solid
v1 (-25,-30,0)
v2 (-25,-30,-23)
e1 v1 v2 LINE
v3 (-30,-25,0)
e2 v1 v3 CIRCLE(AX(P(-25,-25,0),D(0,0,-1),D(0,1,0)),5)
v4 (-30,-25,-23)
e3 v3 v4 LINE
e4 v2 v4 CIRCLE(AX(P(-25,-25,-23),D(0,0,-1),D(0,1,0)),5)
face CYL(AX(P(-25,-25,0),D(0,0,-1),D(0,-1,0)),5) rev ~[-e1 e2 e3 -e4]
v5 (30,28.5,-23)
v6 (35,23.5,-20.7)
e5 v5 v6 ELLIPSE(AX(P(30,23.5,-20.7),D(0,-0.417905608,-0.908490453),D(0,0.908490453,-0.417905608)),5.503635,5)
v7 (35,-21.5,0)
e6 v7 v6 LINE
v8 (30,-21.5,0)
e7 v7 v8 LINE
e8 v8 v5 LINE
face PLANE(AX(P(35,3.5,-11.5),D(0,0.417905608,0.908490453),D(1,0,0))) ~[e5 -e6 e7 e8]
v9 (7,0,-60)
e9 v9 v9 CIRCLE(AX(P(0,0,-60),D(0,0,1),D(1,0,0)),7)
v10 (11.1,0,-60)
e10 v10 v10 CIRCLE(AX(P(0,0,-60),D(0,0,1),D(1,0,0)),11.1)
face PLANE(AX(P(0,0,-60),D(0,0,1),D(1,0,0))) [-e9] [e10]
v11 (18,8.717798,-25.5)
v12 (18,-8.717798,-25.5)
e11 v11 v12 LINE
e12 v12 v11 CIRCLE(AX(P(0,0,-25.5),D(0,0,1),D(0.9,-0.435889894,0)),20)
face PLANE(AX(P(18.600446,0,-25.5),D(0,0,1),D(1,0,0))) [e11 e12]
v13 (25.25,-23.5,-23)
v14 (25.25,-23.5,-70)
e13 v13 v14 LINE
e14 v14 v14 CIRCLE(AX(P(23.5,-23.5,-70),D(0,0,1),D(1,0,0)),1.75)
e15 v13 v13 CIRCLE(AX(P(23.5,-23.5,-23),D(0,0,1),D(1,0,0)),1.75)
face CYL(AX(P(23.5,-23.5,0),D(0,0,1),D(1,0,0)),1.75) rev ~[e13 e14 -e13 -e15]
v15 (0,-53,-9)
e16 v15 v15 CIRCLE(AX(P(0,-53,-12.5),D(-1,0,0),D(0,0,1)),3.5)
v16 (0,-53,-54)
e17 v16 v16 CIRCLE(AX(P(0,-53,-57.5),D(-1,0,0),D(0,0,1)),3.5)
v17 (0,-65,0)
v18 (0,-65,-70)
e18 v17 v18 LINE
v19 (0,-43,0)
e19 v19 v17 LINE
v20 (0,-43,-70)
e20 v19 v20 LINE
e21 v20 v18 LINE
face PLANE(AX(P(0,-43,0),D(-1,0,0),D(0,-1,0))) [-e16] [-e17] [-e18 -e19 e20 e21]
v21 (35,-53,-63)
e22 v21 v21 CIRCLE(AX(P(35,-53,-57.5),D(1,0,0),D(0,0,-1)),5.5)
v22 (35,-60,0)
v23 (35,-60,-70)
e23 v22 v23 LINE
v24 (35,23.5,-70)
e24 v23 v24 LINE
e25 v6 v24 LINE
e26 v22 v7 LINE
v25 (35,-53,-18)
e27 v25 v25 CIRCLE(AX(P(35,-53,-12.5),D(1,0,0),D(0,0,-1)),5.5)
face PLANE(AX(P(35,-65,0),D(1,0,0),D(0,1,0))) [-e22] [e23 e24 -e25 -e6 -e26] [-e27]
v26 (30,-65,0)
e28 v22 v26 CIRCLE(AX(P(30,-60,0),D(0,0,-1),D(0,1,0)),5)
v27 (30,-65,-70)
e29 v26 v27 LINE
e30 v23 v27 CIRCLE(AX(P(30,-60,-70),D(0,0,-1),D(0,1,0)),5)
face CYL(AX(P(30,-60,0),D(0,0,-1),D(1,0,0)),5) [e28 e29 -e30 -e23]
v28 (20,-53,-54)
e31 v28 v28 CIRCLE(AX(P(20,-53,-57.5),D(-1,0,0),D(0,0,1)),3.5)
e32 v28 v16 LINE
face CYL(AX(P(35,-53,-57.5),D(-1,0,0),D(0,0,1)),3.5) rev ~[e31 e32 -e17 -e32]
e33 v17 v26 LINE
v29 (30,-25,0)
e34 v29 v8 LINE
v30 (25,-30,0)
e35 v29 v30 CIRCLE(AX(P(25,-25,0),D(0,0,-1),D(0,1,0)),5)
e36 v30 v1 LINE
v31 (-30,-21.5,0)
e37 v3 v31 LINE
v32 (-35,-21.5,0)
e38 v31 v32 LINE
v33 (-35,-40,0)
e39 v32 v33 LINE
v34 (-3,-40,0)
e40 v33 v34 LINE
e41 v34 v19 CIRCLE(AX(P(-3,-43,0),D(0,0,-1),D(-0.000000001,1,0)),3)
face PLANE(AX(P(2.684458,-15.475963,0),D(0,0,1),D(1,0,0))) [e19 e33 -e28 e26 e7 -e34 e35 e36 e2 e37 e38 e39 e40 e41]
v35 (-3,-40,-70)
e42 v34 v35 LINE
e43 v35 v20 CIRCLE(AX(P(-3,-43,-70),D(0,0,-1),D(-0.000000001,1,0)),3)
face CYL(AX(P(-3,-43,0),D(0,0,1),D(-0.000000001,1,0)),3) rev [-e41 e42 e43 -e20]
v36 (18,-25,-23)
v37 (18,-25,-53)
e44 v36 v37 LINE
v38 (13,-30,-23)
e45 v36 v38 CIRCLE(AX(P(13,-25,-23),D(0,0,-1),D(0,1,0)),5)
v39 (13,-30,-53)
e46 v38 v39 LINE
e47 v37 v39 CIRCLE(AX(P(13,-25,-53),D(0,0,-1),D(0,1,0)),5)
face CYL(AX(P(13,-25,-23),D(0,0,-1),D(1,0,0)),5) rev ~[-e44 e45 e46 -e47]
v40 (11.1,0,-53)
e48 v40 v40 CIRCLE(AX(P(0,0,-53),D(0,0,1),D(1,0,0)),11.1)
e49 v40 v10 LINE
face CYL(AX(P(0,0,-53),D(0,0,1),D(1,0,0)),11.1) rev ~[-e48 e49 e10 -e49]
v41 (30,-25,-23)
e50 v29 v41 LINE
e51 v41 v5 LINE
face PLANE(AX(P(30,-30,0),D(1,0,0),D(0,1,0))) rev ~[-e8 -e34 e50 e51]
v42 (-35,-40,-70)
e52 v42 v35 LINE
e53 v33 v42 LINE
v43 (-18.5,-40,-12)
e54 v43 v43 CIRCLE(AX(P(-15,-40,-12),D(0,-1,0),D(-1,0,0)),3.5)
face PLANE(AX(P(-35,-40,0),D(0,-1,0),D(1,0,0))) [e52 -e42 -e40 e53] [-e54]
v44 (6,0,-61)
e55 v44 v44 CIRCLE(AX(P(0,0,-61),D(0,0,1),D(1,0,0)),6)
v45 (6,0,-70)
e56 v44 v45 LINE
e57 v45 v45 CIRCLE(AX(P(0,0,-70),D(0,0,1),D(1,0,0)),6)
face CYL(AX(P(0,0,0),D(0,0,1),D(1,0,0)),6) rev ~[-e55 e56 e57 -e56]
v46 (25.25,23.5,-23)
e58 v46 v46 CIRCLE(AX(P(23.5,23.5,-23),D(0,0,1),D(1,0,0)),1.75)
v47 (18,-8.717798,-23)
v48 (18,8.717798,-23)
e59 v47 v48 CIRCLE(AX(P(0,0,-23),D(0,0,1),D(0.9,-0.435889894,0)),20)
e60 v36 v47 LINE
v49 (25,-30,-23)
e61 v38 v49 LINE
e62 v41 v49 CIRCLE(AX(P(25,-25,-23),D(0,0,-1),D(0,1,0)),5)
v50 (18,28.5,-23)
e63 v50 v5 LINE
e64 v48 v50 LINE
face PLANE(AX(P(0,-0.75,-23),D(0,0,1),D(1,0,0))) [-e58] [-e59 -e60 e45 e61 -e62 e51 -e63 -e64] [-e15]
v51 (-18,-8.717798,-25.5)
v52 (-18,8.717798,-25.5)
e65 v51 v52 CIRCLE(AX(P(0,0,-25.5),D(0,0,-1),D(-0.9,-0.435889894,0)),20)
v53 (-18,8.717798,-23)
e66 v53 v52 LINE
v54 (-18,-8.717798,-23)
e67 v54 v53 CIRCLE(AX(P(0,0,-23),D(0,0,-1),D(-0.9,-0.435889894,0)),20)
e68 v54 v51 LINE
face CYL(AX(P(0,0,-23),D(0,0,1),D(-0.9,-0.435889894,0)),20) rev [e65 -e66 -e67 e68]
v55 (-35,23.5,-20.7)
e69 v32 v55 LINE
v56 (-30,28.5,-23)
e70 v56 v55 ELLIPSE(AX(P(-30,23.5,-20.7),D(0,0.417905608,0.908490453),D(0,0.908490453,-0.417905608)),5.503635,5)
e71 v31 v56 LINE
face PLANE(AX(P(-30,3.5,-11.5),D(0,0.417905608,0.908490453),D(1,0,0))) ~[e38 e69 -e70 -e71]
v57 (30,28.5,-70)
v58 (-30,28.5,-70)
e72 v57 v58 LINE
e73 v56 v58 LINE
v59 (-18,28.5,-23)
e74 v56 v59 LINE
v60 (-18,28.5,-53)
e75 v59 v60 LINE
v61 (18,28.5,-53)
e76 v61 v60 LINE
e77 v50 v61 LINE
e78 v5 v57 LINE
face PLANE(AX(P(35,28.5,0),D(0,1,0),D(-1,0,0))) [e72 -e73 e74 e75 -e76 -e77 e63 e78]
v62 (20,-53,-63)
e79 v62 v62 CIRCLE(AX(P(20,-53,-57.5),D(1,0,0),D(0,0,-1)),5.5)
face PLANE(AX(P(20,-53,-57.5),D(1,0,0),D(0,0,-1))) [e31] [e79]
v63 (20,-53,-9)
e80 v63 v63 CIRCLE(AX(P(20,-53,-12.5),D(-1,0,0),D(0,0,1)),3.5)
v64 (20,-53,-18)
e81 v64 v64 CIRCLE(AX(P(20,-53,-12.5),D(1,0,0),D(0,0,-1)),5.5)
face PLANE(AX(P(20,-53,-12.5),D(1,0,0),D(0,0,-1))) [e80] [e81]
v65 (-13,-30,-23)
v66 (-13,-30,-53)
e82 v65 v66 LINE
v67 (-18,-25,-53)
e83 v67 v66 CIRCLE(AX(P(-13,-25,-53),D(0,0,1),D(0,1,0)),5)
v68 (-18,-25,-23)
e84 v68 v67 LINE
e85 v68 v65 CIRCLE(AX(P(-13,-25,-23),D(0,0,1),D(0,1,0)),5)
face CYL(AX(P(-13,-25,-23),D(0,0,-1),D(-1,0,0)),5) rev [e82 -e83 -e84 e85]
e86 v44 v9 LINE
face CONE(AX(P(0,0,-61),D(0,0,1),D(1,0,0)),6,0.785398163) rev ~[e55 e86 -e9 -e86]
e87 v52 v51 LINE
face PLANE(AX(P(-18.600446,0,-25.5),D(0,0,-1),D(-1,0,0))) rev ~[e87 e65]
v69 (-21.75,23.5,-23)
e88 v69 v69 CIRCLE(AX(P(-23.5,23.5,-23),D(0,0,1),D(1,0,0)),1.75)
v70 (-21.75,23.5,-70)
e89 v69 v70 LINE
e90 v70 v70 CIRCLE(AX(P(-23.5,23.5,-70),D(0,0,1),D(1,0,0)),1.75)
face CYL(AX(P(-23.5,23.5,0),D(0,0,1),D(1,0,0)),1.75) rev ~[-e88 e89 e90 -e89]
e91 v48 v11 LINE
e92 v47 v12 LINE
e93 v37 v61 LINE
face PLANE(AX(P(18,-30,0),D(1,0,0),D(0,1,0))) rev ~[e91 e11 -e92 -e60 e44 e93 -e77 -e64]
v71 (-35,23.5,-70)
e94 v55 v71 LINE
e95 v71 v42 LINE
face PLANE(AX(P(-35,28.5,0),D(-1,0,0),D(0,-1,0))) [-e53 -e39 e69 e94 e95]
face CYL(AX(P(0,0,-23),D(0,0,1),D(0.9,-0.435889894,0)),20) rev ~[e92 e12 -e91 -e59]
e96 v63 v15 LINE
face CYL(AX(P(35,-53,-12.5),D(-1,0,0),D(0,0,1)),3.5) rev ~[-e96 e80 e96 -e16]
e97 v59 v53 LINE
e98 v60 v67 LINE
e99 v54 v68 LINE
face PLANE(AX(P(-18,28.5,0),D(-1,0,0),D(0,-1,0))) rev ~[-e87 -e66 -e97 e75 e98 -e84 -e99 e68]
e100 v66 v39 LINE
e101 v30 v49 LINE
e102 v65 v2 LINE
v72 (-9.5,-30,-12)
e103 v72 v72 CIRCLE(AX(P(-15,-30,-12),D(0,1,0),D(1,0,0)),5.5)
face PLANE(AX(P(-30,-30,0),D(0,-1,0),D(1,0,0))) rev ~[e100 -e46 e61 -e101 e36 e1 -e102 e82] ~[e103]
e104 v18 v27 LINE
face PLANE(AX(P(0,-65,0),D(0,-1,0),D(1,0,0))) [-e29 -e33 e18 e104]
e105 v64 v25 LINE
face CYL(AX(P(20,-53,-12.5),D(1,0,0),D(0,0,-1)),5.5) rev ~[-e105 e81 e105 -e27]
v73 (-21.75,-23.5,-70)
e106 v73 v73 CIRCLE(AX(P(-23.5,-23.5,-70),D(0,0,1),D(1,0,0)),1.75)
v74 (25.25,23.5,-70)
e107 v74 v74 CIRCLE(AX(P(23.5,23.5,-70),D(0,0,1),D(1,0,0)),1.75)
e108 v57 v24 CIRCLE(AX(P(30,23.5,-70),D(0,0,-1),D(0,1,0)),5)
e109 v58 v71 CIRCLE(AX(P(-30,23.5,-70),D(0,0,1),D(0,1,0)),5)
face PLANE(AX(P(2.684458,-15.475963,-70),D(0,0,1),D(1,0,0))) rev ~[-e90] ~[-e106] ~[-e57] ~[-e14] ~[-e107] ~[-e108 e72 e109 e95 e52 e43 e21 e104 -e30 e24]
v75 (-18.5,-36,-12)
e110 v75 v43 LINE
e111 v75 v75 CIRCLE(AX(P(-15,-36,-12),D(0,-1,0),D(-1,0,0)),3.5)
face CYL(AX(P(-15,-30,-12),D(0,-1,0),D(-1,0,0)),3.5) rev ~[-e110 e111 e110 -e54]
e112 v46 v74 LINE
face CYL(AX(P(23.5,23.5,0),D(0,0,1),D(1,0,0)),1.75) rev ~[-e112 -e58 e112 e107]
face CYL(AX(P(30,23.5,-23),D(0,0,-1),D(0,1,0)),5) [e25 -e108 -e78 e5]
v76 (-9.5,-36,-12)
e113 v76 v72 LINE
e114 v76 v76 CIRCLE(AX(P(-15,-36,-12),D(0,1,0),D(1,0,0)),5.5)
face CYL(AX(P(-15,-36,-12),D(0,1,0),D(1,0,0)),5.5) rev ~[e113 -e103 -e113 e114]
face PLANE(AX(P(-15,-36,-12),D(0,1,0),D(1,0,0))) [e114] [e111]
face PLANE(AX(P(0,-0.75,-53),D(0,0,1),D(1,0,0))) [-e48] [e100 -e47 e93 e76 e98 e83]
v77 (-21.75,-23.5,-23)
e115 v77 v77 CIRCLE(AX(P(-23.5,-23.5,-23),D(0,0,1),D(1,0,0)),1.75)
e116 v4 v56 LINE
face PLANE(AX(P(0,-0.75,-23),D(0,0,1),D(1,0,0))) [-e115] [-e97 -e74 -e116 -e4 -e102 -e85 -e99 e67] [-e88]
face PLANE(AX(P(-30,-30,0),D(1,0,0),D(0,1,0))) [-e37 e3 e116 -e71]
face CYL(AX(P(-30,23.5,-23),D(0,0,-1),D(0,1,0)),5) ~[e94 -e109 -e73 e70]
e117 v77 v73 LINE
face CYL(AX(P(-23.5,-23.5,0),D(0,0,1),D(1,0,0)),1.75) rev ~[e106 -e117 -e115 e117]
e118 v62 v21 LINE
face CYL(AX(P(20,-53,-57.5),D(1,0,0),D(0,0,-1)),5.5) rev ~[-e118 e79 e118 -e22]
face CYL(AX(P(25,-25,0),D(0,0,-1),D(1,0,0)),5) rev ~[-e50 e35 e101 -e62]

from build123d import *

# Parameters (mm, degrees)
SKETCH1_R                                       = 1.75
SKETCH1_R_2                                     = 6
BOSS_EXTRUDE1_DEPTH                             = 70
SKETCH2_W                                       = 60
SKETCH2_H                                       = 58.5
CUT_EXTRUDE2_DEPTH                              = 23
CUT_EXTRUDE3_DEPTH                              = 53
CUT_EXTRUDE5_START                              = -23
CUT_EXTRUDE5_DEPTH                              = 2.5
SKETCH5_R                                       = 11.1
CUT_EXTRUDE4_DEPTH                              = 7
CHAMFER1_SIZE                                   = 50
CHAMFER1_SIZE2                                  = 23
FILLET1_R                                       = 5
FILLET2_R                                       = 5
CBORE_FOR_M6_SOCKET_HEAD_CAP_SCREW1_D           = 7
CBORE_FOR_M6_SOCKET_HEAD_CAP_SCREW1_CBORE_D     = 11
CBORE_FOR_M6_SOCKET_HEAD_CAP_SCREW1_CBORE_DEPTH = 6
CBORE_FOR_M6_SOCKET_HEAD_CAP_SCREW2_D           = 7
CBORE_FOR_M6_SOCKET_HEAD_CAP_SCREW2_CBORE_D     = 11
CBORE_FOR_M6_SOCKET_HEAD_CAP_SCREW2_CBORE_DEPTH = 15
CHAMFER2_SIZE                                   = 1


with BuildPart() as part:
    # Sketch1 → Boss-Extrude1 (new body)
    with BuildSketch(Plane.XY):
        with BuildLine():
            Line((35, 28.5), (-35, 28.5))
            Line((-35, 28.5), (-35, -25))
            Line((-35, -25), (-35, -40))
            Line((-35, -40), (-3, -40))
            ThreePointArc((-3, -40), (-0.878679656, -40.878679656), (0, -43))
            Line((0, -43), (0, -65))
            Line((0, -65), (35, -65))
            Line((35, -65), (35, -25))
            Line((35, -25), (35, 28.5))
        make_face()
        with Locations((-23.5, -23.5)):
            Circle(SKETCH1_R, mode=Mode.SUBTRACT)
        with Locations((23.5, -23.5)):
            Circle(SKETCH1_R, mode=Mode.SUBTRACT)
        Circle(SKETCH1_R_2, mode=Mode.SUBTRACT)
        with Locations((-23.5, 23.5)):
            Circle(SKETCH1_R, mode=Mode.SUBTRACT)
        with Locations((23.5, 23.5)):
            Circle(SKETCH1_R, mode=Mode.SUBTRACT)
    extrude(amount=-BOSS_EXTRUDE1_DEPTH)

    # Sketch2 → Cut-Extrude2 (cut)
    with BuildSketch(Plane.XY):
        with Locations((0, -0.75)):
            Rectangle(SKETCH2_W, SKETCH2_H)
    extrude(amount=-CUT_EXTRUDE2_DEPTH, mode=Mode.SUBTRACT)

    # Sketch6 → Cut-Extrude3 (cut)
    with BuildSketch(Plane.XY):
        Polygon((-18, -8.717797887), (-18, -30), (18, -30), (18, -8.717797887), (18, 8.717797887), (18, 28.5), (-18, 28.5), (-18, 8.717797887), align=None)
    extrude(amount=-CUT_EXTRUDE3_DEPTH, mode=Mode.SUBTRACT)

    # Sketch6<4> → Cut-Extrude5 (cut)
    with BuildSketch(Plane.XY.offset(CUT_EXTRUDE5_START)):
        with BuildLine():
            Line((-18, 8.717797887), (-18, -8.717797887))
            ThreePointArc((-18, -8.717797887), (-20, 0), (-18, 8.717797887))
        make_face()
        with BuildLine():
            Line((18, 8.717797887), (18, -8.717797887))
            ThreePointArc((18, -8.717797887), (20, 0), (18, 8.717797887))
        make_face()
    extrude(amount=-CUT_EXTRUDE5_DEPTH, mode=Mode.SUBTRACT)

    # Sketch5 → Cut-Extrude4 (cut)
    with BuildSketch(Plane.XY.offset(-53)):
        Circle(SKETCH5_R)
    extrude(amount=-CUT_EXTRUDE4_DEPTH, mode=Mode.SUBTRACT)

    # Chamfer1
    chamfer1_edges = [part.edges().sort_by_distance(p)[0] for p in [
        (32.5, 28.5, 0),
        (-32.5, 28.5, 0),
    ]]
    chamfer1_side = [part.faces().sort_by_distance(p)[0] for p in [
        (7.08218847, -32.820097977, 0),
    ]]
    chamfer(chamfer1_edges, length=CHAMFER1_SIZE, length2=CHAMFER1_SIZE2, reference=chamfer1_side[0])

    # Fillet1
    fillet1_edges = [part.edges().sort_by_distance(p)[0] for p in [
        (35, -65, -35),
        (35, 28.5, -46.5),
        (-35, 28.5, -46.5),
    ]]
    fillet(fillet1_edges, radius=FILLET1_R)

    # Fillet2
    fillet2_edges = [part.edges().sort_by_distance(p)[0] for p in [
        (30, -30, -11.5),
        (-30, -30, -11.5),
        (18, -30, -38),
        (-18, -30, -38),
    ]]
    fillet(fillet2_edges, radius=FILLET2_R)

    # CBORE for M6 Socket Head Cap Screw1 (through all)
    with Locations(Plane(origin=(-15, -30, -12), x_dir=(1, 0, 0), z_dir=(0, 1, 0))):
        with Locations((0, 0)):
            CounterBoreHole(CBORE_FOR_M6_SOCKET_HEAD_CAP_SCREW1_D / 2, CBORE_FOR_M6_SOCKET_HEAD_CAP_SCREW1_CBORE_D / 2, CBORE_FOR_M6_SOCKET_HEAD_CAP_SCREW1_CBORE_DEPTH)

    # CBORE for M6 Socket Head Cap Screw2 (through all)
    with Locations(Plane(origin=(35, 0, 0), x_dir=(0, 0, -1), z_dir=(1, 0, 0))):
        with Locations((12.5, -53), (57.5, -53)):
            CounterBoreHole(CBORE_FOR_M6_SOCKET_HEAD_CAP_SCREW2_D / 2, CBORE_FOR_M6_SOCKET_HEAD_CAP_SCREW2_CBORE_D / 2, CBORE_FOR_M6_SOCKET_HEAD_CAP_SCREW2_CBORE_DEPTH)

    # Chamfer2
    chamfer2_edges = [part.edges().sort_by_distance(p)[0] for p in [
        (-6, 0, -60),
    ]]
    chamfer(chamfer2_edges, length=CHAMFER2_SIZE)


solid = part.part
